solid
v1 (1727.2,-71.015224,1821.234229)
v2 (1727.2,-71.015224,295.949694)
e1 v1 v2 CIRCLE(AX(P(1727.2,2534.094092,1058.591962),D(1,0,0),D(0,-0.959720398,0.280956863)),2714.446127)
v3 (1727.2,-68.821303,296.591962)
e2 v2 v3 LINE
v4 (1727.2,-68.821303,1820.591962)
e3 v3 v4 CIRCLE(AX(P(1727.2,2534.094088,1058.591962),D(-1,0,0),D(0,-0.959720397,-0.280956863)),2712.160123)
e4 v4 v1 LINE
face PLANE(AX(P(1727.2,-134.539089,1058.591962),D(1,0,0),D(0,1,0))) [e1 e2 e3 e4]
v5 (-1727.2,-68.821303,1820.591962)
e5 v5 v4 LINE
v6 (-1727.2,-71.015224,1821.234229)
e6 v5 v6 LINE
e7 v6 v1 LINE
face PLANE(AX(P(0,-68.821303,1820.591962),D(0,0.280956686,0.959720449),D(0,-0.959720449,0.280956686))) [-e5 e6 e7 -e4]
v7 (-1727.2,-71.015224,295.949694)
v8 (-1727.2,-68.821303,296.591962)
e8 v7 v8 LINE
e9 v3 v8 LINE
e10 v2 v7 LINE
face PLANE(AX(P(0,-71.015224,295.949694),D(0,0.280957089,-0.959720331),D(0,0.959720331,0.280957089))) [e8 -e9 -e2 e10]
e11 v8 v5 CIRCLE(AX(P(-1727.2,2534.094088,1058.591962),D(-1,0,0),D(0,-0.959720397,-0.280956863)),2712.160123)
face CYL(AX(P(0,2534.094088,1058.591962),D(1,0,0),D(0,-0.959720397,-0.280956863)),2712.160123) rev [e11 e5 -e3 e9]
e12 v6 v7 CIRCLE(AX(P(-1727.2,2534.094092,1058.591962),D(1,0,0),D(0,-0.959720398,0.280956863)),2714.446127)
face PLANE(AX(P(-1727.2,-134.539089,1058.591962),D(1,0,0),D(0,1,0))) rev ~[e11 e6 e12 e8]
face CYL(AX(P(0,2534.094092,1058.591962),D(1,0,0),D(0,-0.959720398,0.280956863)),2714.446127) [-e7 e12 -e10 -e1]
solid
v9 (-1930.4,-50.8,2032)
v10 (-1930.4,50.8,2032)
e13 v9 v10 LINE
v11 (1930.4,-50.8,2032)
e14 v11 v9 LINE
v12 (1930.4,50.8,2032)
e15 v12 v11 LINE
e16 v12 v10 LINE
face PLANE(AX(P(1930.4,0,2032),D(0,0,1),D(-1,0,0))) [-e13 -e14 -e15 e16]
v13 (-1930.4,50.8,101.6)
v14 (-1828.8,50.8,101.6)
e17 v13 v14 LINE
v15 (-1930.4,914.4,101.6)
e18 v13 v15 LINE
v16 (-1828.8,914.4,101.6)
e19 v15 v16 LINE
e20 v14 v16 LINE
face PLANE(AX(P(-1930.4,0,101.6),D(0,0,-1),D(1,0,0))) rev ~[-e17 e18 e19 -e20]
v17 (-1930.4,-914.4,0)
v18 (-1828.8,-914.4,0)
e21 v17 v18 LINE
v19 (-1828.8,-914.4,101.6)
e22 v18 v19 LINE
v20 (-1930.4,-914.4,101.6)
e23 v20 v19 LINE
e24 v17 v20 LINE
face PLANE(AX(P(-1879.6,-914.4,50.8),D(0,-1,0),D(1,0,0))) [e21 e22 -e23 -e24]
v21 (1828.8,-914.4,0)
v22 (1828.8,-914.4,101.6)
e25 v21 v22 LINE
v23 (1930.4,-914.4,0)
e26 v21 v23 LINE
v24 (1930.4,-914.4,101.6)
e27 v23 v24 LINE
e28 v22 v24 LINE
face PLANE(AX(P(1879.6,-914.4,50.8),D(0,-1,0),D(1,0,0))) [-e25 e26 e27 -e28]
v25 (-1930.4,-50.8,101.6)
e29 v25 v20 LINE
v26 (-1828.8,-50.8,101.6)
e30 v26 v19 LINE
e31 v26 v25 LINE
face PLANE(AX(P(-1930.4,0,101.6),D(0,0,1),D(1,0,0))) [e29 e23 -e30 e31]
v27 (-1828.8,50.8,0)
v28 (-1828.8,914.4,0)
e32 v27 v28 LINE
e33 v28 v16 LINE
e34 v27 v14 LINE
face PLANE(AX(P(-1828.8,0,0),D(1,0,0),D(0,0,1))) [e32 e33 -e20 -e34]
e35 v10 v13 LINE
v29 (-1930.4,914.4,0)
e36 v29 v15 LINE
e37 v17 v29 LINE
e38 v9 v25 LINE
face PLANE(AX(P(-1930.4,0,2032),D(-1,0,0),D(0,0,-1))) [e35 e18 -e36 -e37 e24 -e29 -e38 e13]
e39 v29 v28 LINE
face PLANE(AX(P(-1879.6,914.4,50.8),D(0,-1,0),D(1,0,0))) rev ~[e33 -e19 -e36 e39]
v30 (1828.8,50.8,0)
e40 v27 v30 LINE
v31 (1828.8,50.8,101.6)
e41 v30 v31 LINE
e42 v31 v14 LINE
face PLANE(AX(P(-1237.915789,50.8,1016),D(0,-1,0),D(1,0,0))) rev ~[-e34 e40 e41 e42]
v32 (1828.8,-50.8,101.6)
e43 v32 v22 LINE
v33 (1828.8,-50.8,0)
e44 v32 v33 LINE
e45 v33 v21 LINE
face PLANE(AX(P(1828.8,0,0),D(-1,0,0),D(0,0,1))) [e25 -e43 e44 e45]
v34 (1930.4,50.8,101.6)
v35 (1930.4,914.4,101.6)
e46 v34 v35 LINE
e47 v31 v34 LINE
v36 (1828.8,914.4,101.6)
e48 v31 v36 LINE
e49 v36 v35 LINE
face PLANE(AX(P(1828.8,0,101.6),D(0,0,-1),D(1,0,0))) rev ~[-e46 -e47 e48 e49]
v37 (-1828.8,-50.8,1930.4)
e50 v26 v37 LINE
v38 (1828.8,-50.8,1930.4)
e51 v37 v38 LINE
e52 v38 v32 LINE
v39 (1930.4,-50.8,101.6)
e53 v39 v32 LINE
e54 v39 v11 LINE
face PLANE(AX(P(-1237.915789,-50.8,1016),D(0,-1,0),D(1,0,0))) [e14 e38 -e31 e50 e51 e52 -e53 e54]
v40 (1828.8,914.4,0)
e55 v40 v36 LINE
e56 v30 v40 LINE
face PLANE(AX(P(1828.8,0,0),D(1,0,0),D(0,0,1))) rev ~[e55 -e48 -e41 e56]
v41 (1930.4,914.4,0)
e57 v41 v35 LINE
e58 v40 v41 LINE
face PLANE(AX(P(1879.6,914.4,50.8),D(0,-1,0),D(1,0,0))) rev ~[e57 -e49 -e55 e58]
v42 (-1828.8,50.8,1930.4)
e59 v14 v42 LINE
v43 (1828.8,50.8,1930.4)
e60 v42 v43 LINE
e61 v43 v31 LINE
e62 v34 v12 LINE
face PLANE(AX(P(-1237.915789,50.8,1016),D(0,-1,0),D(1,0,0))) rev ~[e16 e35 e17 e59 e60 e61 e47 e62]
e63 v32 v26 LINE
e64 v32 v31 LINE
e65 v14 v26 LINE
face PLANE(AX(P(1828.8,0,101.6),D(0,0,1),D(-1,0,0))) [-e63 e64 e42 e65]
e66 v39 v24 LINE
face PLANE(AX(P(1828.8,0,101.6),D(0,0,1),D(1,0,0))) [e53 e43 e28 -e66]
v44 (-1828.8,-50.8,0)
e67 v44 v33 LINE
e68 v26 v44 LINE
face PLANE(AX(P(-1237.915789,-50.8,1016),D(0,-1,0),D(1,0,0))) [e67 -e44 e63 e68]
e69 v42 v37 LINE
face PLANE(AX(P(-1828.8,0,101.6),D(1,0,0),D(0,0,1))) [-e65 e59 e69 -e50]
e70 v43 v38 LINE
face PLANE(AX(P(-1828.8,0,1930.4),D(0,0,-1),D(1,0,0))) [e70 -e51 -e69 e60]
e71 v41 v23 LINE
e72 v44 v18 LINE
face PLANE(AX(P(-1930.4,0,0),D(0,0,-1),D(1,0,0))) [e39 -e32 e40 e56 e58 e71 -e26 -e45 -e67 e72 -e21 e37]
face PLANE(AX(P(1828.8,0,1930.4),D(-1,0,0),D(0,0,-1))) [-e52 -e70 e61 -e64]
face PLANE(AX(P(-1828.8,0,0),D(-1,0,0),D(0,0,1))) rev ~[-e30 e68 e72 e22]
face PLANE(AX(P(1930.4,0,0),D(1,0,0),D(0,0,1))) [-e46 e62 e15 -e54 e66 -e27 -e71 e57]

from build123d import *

# Parameters (mm, degrees)
F1_DEPTH      = 50.8
F1_DEPTH_BACK = 50.8
F2_W          = 101.6
F2_H          = 101.6
F3_DEPTH      = 914.4
F3_DEPTH_BACK = 914.4
F5_DEPTH      = 1727.2
F5_DEPTH_BACK = 1727.2


with BuildPart() as f1:
    # F0 (on Front) → F1 (new body, two sides)
    with BuildSketch(Plane.XZ) as f1_sk:
        Polygon((-1930.4, 0), (0, 0), (0, 101.6), (-1828.8, 101.6), (-1828.8, 1930.4), (0, 1930.4), (0, 2032), (-1930.4, 2032), align=None)
        Polygon((0, 101.6), (0, 0), (1930.4, 0), (1930.4, 2032), (0, 2032), (0, 1930.4), (1828.8, 1930.4), (1828.8, 101.6), align=None)
    extrude(amount=F1_DEPTH)
    extrude(f1_sk.sketch, amount=-F1_DEPTH_BACK)

    # F2 (on Front) → F3 (join, two sides)
    with BuildSketch(Plane.XZ) as f3_sk:
        with Locations((1879.6, 50.8)):
            Rectangle(F2_W, F2_H)
        with Locations((-1879.6, 50.8)):
            Rectangle(F2_W, F2_H)
    extrude(amount=F3_DEPTH)
    extrude(f3_sk.sketch, amount=-F3_DEPTH_BACK)


with BuildPart() as f5:
    # F4 (on Right) → F5 (new body, two sides)
    with BuildSketch(Plane.YZ) as f5_sk:
        with BuildLine():
            ThreePointArc((-68.821303, 296.591962), (-178.066035, 1058.591962), (-68.821303, 1820.591962))
            Line((-68.821303, 1820.591962), (-71.015224, 1821.234229))
            ThreePointArc((-71.015224, 1821.234229), (-180.352035, 1058.591962), (-71.015224, 295.949694))
            Line((-71.015224, 295.949694), (-68.821303, 296.591962))
        make_face()
    extrude(amount=F5_DEPTH)
    extrude(f5_sk.sketch, amount=-F5_DEPTH_BACK)


solid = Compound([f1.part, f5.part])
